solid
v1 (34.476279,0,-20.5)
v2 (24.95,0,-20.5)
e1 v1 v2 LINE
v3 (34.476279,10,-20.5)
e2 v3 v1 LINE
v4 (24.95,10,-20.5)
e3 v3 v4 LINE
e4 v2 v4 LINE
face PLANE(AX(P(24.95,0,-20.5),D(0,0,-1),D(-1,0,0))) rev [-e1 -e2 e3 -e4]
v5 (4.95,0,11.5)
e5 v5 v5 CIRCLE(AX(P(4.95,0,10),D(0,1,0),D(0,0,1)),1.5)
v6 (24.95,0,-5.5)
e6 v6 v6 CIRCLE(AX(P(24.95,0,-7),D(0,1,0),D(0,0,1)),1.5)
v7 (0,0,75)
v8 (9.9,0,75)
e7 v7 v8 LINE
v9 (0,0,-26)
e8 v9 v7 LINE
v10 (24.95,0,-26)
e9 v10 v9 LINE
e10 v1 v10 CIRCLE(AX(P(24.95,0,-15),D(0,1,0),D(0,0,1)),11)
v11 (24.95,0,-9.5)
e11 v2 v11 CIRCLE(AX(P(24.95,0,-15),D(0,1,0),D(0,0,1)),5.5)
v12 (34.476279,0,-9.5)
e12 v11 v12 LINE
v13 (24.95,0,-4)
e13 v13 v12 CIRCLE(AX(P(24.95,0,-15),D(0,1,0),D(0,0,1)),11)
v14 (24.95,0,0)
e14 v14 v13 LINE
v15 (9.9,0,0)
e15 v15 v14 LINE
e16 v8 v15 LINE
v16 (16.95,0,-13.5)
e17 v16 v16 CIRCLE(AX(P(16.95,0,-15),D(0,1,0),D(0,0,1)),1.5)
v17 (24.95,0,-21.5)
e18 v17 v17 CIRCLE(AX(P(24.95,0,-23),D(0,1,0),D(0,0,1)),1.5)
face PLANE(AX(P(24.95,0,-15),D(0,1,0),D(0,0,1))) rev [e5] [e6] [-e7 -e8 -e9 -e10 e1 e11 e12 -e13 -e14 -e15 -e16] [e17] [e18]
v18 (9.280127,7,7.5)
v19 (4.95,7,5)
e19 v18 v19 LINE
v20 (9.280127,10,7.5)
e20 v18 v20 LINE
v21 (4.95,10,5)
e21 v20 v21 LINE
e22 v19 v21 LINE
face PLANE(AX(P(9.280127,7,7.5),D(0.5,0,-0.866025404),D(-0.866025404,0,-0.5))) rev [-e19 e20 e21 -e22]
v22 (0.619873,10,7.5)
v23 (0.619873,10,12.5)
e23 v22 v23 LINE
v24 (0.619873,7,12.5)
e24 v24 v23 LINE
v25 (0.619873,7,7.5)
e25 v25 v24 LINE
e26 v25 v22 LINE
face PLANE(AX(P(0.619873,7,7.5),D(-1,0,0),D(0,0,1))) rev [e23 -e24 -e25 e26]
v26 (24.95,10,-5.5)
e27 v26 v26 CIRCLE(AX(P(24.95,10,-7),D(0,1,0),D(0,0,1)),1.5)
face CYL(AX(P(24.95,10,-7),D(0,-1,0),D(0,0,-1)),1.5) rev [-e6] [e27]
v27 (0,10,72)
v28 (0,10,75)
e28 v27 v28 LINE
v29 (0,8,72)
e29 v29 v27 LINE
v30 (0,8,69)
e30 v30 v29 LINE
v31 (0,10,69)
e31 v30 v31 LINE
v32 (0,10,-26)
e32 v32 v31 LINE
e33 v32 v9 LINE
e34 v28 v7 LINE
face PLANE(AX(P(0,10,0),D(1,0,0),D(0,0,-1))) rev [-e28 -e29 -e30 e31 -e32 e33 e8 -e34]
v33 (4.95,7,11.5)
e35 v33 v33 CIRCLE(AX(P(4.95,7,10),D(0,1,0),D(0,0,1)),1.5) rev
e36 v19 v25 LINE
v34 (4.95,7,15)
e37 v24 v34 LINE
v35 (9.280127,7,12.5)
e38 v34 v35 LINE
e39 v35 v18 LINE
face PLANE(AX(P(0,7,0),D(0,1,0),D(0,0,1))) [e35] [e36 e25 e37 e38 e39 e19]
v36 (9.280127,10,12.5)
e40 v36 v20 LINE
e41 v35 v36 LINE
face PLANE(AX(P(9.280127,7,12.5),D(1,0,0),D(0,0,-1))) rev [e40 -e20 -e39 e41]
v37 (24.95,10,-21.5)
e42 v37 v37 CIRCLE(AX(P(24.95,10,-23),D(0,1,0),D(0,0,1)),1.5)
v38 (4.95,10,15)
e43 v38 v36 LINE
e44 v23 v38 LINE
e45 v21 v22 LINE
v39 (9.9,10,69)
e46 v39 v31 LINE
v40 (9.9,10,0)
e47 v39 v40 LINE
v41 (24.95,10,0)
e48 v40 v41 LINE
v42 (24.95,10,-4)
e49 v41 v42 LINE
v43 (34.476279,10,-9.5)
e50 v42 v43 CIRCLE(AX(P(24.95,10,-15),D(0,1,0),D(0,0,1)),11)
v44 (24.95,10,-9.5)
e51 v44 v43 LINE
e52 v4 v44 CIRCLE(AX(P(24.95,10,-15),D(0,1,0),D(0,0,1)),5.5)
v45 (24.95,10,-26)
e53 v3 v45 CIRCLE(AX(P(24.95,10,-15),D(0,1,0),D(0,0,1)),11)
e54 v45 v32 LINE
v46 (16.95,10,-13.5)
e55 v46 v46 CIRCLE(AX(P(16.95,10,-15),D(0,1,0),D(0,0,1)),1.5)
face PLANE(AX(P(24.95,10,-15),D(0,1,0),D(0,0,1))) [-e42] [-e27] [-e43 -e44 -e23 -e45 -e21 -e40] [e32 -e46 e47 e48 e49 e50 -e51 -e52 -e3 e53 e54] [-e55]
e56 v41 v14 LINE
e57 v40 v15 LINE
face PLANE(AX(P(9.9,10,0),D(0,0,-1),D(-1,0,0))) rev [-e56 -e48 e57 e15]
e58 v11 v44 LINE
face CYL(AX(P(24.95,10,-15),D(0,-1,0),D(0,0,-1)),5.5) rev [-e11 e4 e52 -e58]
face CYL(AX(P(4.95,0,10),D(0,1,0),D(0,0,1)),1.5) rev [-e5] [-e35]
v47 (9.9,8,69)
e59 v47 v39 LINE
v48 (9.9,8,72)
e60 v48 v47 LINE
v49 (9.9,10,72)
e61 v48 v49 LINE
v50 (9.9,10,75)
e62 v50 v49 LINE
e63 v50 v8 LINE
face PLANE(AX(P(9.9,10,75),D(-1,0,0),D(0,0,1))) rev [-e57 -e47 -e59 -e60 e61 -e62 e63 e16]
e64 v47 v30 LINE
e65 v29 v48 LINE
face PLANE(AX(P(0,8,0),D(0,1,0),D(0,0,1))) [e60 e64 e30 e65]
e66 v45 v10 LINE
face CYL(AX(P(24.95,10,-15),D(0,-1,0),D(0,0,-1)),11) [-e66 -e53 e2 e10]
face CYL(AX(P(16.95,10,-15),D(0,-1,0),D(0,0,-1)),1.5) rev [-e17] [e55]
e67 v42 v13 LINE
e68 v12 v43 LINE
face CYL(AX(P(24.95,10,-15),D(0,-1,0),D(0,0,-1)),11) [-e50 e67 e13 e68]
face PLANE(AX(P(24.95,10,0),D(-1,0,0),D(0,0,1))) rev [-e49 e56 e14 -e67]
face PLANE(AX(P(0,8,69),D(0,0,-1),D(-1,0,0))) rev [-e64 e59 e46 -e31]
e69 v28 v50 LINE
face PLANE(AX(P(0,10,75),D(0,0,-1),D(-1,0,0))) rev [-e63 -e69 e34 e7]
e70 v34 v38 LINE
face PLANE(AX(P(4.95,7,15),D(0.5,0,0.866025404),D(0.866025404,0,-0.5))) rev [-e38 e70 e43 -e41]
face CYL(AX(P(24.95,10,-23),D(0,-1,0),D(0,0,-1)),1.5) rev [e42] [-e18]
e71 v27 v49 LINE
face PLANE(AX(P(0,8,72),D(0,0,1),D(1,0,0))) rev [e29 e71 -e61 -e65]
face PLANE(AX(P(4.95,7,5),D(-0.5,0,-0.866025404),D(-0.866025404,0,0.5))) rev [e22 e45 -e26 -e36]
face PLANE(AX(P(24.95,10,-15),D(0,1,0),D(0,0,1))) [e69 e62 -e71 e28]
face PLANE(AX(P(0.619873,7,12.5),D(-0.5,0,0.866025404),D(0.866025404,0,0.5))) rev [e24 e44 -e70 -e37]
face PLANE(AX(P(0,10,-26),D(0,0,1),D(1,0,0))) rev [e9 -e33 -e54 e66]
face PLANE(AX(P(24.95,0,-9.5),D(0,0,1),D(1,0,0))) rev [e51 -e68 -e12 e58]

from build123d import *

# Parameters (mm, degrees)
SKETCH1_R           = 5.5
SKETCH1_R_2         = 1.5
BOSS_EXTRUDE1_DEPTH = 10
SKETCH2_W           = 9.9
SKETCH2_H           = 3
CUT_EXTRUDE1_DEPTH  = 2
SKETCH3_W           = 20.106266241
SKETCH3_H           = 11
CUT_EXTRUDE2_DEPTH  = 10
SKETCH4_R           = 1.5
CUT_EXTRUDE3_DEPTH  = 10
CUT_EXTRUDE4_DEPTH  = 3


with BuildPart() as part:
    # Sketch1 → Boss-Extrude1 (new body)
    with BuildSketch(Plane(origin=(0, 0, 0), x_dir=(1, 0, 0), z_dir=(0, 1, 0))):
        with BuildLine():
            Line((0, 0), (0, -75))
            Line((0, -75), (9.9, -75))
            Line((9.9, -75), (9.9, 0))
            Line((9.9, 0), (24.95, 0))
            Line((24.95, 0), (24.95, 4))
            ThreePointArc((24.95, 4), (35.95, 15), (24.95, 26))
            Line((24.95, 26), (0, 26))
            Line((0, 26), (0, 0))
        make_face()
        with Locations(Location((24.95, 15, 0), (0, 0, 270))):
            Circle(SKETCH1_R, mode=Mode.SUBTRACT)
        with Locations(Location((24.95, 23, 0), (0, 0, 270))):
            Circle(SKETCH1_R_2, mode=Mode.SUBTRACT)
        with Locations(Location((24.95, 7, 0), (0, 0, 270))):
            Circle(SKETCH1_R_2, mode=Mode.SUBTRACT)
        with Locations(Location((16.95, 15, 0), (0, 0, 270))):
            Circle(SKETCH1_R_2, mode=Mode.SUBTRACT)
    extrude(amount=BOSS_EXTRUDE1_DEPTH)

    # Sketch2 → Cut-Extrude1 (cut)
    with BuildSketch(Plane(origin=(0, 10, 0), x_dir=(1, 0, 0), z_dir=(0, 1, 0))):
        with Locations((4.95, -70.5)):
            Rectangle(SKETCH2_W, SKETCH2_H)
    extrude(amount=-CUT_EXTRUDE1_DEPTH, mode=Mode.SUBTRACT)

    # Sketch3 → Cut-Extrude2 (cut)
    with BuildSketch(Plane(origin=(0, 10, 0), x_dir=(1, 0, 0), z_dir=(0, 1, 0))):
        with Locations((35.003133121, 15)):
            Rectangle(SKETCH3_W, SKETCH3_H)
    extrude(amount=-CUT_EXTRUDE2_DEPTH, mode=Mode.SUBTRACT)

    # Sketch4 → Cut-Extrude3 (cut)
    with BuildSketch(Plane(origin=(0, 10, 0), x_dir=(1, 0, 0), z_dir=(0, 1, 0))):
        with Locations(Location((4.95, -10, 0), (0, 0, 270))):
            Circle(SKETCH4_R)
    extrude(amount=-CUT_EXTRUDE3_DEPTH, mode=Mode.SUBTRACT)

    # Sketch5 → Cut-Extrude4 (cut)
    with BuildSketch(Plane(origin=(0, 10, 0), x_dir=(1, 0, 0), z_dir=(0, 1, 0))):
        Polygon((4.95, -5), (0.619872981, -7.5), (0.619872981, -12.5), (4.95, -15), (9.280127019, -12.5), (9.280127019, -7.5), align=None)
    extrude(amount=-CUT_EXTRUDE4_DEPTH, mode=Mode.SUBTRACT)


solid = part.part
